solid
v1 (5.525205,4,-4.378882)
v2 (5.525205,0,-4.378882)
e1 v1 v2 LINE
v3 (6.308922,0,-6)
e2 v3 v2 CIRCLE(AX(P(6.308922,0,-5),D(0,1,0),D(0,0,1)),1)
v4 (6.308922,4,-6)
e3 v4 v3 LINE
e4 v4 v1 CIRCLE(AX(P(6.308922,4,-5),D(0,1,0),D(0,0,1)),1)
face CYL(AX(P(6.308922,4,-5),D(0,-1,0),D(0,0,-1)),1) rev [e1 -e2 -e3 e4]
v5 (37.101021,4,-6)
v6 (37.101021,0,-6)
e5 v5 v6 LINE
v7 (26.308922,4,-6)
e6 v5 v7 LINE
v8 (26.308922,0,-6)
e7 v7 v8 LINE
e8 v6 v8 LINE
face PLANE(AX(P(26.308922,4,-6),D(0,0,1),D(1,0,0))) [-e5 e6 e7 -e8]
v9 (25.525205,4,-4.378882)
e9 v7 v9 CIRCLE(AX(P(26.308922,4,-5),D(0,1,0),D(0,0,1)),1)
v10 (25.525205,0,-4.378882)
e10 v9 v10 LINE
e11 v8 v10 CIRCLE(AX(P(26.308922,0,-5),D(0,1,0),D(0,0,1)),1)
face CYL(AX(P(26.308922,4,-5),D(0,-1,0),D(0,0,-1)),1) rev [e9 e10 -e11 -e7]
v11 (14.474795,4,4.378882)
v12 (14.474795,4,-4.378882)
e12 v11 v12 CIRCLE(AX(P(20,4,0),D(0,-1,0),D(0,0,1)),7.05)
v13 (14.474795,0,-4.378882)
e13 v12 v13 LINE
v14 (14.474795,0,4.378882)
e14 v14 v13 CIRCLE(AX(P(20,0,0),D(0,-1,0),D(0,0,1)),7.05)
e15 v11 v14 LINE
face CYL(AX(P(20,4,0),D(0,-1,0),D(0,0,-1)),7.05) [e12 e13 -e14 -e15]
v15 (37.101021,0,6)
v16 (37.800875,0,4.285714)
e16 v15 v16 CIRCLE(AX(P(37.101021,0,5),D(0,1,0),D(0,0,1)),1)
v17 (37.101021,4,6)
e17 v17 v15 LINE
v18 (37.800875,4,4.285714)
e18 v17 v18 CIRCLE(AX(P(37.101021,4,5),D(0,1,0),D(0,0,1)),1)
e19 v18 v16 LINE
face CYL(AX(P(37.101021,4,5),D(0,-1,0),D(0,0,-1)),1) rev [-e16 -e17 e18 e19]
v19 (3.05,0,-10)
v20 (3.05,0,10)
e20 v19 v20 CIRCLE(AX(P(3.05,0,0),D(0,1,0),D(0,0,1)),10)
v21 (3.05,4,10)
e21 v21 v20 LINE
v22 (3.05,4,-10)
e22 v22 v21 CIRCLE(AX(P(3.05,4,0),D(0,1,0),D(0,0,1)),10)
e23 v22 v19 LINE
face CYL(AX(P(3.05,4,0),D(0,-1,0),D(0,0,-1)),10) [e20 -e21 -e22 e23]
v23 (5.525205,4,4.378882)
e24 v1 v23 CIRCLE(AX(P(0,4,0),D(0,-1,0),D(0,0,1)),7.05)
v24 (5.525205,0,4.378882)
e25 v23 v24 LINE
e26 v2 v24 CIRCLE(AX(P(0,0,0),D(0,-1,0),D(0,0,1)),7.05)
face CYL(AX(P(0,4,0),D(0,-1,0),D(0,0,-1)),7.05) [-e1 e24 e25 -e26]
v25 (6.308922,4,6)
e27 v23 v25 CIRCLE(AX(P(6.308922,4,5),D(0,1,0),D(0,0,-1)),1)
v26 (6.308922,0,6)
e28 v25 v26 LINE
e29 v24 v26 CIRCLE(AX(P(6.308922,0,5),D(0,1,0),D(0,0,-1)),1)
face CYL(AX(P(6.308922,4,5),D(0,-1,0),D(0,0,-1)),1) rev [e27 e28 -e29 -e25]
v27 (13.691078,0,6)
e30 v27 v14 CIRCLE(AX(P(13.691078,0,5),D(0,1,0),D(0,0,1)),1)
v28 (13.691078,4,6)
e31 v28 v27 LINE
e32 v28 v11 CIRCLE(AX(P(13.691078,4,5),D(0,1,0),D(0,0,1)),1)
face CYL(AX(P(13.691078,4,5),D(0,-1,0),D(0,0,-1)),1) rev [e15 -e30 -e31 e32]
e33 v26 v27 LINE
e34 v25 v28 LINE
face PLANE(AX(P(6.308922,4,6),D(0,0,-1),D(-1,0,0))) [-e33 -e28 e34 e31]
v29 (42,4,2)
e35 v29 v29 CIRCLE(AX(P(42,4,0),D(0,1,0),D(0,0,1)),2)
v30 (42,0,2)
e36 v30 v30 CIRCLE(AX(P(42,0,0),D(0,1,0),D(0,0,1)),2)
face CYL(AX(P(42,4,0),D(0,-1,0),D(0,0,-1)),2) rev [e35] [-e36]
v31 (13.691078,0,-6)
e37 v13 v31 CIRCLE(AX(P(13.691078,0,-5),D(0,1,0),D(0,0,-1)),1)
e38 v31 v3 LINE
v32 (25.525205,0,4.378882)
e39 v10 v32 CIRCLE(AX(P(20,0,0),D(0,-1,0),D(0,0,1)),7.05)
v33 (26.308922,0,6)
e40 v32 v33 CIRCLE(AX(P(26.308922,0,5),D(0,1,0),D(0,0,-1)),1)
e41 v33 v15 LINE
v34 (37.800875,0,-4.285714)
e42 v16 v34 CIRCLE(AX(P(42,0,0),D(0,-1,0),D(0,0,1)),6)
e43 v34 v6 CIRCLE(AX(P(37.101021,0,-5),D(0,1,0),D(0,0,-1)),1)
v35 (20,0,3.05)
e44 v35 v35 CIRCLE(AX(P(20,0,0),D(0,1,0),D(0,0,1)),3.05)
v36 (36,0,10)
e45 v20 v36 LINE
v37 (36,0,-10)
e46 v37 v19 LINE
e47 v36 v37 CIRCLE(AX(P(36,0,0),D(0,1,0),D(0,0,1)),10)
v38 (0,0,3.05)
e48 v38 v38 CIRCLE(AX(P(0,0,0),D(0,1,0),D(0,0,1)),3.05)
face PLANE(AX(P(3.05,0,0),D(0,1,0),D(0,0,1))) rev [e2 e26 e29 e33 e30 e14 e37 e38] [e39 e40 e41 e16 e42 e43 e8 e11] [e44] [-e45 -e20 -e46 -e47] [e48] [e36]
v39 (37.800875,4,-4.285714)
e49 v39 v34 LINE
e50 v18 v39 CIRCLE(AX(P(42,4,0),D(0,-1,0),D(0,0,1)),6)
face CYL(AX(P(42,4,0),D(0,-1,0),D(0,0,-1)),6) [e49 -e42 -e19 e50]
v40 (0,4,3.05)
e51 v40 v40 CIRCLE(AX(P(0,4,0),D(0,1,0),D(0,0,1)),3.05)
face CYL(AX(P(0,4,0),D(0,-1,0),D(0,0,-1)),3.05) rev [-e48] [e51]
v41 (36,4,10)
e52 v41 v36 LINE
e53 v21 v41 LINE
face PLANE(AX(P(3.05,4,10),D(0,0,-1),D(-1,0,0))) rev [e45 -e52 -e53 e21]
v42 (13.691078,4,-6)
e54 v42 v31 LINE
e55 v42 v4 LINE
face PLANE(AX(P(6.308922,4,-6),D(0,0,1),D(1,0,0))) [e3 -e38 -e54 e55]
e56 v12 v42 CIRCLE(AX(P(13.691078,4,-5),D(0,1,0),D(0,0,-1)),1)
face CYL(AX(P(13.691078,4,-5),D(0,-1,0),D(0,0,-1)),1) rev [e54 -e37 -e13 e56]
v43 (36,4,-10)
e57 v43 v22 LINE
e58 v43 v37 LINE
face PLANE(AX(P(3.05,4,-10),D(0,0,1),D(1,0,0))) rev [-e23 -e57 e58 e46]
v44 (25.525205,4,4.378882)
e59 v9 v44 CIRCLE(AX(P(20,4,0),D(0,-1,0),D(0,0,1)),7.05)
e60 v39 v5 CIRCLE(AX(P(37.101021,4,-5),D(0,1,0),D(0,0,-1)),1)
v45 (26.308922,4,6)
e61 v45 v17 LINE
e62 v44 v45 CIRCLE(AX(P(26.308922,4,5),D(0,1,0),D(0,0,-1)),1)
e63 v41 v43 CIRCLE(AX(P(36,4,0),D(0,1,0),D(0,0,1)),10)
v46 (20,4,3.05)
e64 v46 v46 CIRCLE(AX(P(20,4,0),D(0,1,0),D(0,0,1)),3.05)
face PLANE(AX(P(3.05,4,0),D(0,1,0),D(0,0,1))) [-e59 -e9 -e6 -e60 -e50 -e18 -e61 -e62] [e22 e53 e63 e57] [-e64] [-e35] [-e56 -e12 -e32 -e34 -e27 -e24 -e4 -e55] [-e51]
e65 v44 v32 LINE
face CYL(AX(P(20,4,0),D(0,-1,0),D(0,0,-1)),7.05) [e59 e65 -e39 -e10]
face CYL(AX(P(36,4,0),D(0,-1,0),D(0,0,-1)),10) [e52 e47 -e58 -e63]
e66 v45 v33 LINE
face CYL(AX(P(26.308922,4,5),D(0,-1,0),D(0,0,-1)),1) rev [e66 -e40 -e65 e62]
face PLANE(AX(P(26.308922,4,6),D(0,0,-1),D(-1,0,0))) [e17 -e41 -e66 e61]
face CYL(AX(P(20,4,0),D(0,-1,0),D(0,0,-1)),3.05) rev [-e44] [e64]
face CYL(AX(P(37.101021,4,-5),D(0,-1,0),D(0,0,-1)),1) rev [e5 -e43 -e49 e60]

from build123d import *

# Parameters (mm, degrees)
SKETCH1_R           = 2
SKETCH1_R_2         = 3.05
BOSS_EXTRUDE1_DEPTH = 4


with BuildPart() as part:
    # Sketch1 → Boss-Extrude1 (new body)
    with BuildSketch(Plane(origin=(0, 0, 0), x_dir=(1, 0, 0), z_dir=(0, 1, 0))):
        with BuildLine():
            Line((3.05, 10), (36, 10))
            ThreePointArc((36, 10), (46, 0), (36, -10))
            Line((36, -10), (3.05, -10))
            ThreePointArc((3.05, -10), (-6.95, 0), (3.05, 10))
        make_face()
        with Locations(Location((42, 0, 0), (0, 0, 270))):
            Circle(SKETCH1_R, mode=Mode.SUBTRACT)
        with Locations(Location((0, 0, 0), (0, 0, 270))):
            Circle(SKETCH1_R_2, mode=Mode.SUBTRACT)
        with Locations(Location((20, 0, 0), (0, 0, 270))):
            Circle(SKETCH1_R_2, mode=Mode.SUBTRACT)
        with BuildLine():
            Line((26.308922253, -6), (37.101020514, -6))
            ThreePointArc((37.101020514, -6), (38.026840614, -5.377964473), (37.800874727, -4.285714286))
            ThreePointArc((37.800874727, -4.285714286), (36, 0), (37.800874727, 4.285714286))
            ThreePointArc((37.800874727, 4.285714286), (38.026840614, 5.377964473), (37.101020514, 6))
            Line((37.101020514, 6), (26.308922253, 6))
            ThreePointArc((26.308922253, 6), (25.408611748, 5.435248198), (25.525205203, 4.378881988))
            ThreePointArc((25.525205203, 4.378881988), (27.05, 0), (25.525205203, -4.378881988))
            ThreePointArc((25.525205203, -4.378881988), (25.408611748, -5.435248198), (26.308922253, -6))
        make_face(mode=Mode.SUBTRACT)
        with BuildLine():
            Line((6.308922253, 6), (13.691077747, 6))
            ThreePointArc((13.691077747, 6), (14.591388252, 5.435248198), (14.474794797, 4.378881988))
            ThreePointArc((14.474794797, 4.378881988), (12.95, 0), (14.474794797, -4.378881988))
            ThreePointArc((14.474794797, -4.378881988), (14.591388252, -5.435248198), (13.691077747, -6))
            Line((13.691077747, -6), (6.308922253, -6))
            ThreePointArc((6.308922253, -6), (5.408611748, -5.435248198), (5.525205203, -4.378881988))
            ThreePointArc((5.525205203, -4.378881988), (7.05, 0), (5.525205203, 4.378881988))
            ThreePointArc((5.525205203, 4.378881988), (5.408611748, 5.435248198), (6.308922253, 6))
        make_face(mode=Mode.SUBTRACT)
    extrude(amount=BOSS_EXTRUDE1_DEPTH)


solid = part.part
